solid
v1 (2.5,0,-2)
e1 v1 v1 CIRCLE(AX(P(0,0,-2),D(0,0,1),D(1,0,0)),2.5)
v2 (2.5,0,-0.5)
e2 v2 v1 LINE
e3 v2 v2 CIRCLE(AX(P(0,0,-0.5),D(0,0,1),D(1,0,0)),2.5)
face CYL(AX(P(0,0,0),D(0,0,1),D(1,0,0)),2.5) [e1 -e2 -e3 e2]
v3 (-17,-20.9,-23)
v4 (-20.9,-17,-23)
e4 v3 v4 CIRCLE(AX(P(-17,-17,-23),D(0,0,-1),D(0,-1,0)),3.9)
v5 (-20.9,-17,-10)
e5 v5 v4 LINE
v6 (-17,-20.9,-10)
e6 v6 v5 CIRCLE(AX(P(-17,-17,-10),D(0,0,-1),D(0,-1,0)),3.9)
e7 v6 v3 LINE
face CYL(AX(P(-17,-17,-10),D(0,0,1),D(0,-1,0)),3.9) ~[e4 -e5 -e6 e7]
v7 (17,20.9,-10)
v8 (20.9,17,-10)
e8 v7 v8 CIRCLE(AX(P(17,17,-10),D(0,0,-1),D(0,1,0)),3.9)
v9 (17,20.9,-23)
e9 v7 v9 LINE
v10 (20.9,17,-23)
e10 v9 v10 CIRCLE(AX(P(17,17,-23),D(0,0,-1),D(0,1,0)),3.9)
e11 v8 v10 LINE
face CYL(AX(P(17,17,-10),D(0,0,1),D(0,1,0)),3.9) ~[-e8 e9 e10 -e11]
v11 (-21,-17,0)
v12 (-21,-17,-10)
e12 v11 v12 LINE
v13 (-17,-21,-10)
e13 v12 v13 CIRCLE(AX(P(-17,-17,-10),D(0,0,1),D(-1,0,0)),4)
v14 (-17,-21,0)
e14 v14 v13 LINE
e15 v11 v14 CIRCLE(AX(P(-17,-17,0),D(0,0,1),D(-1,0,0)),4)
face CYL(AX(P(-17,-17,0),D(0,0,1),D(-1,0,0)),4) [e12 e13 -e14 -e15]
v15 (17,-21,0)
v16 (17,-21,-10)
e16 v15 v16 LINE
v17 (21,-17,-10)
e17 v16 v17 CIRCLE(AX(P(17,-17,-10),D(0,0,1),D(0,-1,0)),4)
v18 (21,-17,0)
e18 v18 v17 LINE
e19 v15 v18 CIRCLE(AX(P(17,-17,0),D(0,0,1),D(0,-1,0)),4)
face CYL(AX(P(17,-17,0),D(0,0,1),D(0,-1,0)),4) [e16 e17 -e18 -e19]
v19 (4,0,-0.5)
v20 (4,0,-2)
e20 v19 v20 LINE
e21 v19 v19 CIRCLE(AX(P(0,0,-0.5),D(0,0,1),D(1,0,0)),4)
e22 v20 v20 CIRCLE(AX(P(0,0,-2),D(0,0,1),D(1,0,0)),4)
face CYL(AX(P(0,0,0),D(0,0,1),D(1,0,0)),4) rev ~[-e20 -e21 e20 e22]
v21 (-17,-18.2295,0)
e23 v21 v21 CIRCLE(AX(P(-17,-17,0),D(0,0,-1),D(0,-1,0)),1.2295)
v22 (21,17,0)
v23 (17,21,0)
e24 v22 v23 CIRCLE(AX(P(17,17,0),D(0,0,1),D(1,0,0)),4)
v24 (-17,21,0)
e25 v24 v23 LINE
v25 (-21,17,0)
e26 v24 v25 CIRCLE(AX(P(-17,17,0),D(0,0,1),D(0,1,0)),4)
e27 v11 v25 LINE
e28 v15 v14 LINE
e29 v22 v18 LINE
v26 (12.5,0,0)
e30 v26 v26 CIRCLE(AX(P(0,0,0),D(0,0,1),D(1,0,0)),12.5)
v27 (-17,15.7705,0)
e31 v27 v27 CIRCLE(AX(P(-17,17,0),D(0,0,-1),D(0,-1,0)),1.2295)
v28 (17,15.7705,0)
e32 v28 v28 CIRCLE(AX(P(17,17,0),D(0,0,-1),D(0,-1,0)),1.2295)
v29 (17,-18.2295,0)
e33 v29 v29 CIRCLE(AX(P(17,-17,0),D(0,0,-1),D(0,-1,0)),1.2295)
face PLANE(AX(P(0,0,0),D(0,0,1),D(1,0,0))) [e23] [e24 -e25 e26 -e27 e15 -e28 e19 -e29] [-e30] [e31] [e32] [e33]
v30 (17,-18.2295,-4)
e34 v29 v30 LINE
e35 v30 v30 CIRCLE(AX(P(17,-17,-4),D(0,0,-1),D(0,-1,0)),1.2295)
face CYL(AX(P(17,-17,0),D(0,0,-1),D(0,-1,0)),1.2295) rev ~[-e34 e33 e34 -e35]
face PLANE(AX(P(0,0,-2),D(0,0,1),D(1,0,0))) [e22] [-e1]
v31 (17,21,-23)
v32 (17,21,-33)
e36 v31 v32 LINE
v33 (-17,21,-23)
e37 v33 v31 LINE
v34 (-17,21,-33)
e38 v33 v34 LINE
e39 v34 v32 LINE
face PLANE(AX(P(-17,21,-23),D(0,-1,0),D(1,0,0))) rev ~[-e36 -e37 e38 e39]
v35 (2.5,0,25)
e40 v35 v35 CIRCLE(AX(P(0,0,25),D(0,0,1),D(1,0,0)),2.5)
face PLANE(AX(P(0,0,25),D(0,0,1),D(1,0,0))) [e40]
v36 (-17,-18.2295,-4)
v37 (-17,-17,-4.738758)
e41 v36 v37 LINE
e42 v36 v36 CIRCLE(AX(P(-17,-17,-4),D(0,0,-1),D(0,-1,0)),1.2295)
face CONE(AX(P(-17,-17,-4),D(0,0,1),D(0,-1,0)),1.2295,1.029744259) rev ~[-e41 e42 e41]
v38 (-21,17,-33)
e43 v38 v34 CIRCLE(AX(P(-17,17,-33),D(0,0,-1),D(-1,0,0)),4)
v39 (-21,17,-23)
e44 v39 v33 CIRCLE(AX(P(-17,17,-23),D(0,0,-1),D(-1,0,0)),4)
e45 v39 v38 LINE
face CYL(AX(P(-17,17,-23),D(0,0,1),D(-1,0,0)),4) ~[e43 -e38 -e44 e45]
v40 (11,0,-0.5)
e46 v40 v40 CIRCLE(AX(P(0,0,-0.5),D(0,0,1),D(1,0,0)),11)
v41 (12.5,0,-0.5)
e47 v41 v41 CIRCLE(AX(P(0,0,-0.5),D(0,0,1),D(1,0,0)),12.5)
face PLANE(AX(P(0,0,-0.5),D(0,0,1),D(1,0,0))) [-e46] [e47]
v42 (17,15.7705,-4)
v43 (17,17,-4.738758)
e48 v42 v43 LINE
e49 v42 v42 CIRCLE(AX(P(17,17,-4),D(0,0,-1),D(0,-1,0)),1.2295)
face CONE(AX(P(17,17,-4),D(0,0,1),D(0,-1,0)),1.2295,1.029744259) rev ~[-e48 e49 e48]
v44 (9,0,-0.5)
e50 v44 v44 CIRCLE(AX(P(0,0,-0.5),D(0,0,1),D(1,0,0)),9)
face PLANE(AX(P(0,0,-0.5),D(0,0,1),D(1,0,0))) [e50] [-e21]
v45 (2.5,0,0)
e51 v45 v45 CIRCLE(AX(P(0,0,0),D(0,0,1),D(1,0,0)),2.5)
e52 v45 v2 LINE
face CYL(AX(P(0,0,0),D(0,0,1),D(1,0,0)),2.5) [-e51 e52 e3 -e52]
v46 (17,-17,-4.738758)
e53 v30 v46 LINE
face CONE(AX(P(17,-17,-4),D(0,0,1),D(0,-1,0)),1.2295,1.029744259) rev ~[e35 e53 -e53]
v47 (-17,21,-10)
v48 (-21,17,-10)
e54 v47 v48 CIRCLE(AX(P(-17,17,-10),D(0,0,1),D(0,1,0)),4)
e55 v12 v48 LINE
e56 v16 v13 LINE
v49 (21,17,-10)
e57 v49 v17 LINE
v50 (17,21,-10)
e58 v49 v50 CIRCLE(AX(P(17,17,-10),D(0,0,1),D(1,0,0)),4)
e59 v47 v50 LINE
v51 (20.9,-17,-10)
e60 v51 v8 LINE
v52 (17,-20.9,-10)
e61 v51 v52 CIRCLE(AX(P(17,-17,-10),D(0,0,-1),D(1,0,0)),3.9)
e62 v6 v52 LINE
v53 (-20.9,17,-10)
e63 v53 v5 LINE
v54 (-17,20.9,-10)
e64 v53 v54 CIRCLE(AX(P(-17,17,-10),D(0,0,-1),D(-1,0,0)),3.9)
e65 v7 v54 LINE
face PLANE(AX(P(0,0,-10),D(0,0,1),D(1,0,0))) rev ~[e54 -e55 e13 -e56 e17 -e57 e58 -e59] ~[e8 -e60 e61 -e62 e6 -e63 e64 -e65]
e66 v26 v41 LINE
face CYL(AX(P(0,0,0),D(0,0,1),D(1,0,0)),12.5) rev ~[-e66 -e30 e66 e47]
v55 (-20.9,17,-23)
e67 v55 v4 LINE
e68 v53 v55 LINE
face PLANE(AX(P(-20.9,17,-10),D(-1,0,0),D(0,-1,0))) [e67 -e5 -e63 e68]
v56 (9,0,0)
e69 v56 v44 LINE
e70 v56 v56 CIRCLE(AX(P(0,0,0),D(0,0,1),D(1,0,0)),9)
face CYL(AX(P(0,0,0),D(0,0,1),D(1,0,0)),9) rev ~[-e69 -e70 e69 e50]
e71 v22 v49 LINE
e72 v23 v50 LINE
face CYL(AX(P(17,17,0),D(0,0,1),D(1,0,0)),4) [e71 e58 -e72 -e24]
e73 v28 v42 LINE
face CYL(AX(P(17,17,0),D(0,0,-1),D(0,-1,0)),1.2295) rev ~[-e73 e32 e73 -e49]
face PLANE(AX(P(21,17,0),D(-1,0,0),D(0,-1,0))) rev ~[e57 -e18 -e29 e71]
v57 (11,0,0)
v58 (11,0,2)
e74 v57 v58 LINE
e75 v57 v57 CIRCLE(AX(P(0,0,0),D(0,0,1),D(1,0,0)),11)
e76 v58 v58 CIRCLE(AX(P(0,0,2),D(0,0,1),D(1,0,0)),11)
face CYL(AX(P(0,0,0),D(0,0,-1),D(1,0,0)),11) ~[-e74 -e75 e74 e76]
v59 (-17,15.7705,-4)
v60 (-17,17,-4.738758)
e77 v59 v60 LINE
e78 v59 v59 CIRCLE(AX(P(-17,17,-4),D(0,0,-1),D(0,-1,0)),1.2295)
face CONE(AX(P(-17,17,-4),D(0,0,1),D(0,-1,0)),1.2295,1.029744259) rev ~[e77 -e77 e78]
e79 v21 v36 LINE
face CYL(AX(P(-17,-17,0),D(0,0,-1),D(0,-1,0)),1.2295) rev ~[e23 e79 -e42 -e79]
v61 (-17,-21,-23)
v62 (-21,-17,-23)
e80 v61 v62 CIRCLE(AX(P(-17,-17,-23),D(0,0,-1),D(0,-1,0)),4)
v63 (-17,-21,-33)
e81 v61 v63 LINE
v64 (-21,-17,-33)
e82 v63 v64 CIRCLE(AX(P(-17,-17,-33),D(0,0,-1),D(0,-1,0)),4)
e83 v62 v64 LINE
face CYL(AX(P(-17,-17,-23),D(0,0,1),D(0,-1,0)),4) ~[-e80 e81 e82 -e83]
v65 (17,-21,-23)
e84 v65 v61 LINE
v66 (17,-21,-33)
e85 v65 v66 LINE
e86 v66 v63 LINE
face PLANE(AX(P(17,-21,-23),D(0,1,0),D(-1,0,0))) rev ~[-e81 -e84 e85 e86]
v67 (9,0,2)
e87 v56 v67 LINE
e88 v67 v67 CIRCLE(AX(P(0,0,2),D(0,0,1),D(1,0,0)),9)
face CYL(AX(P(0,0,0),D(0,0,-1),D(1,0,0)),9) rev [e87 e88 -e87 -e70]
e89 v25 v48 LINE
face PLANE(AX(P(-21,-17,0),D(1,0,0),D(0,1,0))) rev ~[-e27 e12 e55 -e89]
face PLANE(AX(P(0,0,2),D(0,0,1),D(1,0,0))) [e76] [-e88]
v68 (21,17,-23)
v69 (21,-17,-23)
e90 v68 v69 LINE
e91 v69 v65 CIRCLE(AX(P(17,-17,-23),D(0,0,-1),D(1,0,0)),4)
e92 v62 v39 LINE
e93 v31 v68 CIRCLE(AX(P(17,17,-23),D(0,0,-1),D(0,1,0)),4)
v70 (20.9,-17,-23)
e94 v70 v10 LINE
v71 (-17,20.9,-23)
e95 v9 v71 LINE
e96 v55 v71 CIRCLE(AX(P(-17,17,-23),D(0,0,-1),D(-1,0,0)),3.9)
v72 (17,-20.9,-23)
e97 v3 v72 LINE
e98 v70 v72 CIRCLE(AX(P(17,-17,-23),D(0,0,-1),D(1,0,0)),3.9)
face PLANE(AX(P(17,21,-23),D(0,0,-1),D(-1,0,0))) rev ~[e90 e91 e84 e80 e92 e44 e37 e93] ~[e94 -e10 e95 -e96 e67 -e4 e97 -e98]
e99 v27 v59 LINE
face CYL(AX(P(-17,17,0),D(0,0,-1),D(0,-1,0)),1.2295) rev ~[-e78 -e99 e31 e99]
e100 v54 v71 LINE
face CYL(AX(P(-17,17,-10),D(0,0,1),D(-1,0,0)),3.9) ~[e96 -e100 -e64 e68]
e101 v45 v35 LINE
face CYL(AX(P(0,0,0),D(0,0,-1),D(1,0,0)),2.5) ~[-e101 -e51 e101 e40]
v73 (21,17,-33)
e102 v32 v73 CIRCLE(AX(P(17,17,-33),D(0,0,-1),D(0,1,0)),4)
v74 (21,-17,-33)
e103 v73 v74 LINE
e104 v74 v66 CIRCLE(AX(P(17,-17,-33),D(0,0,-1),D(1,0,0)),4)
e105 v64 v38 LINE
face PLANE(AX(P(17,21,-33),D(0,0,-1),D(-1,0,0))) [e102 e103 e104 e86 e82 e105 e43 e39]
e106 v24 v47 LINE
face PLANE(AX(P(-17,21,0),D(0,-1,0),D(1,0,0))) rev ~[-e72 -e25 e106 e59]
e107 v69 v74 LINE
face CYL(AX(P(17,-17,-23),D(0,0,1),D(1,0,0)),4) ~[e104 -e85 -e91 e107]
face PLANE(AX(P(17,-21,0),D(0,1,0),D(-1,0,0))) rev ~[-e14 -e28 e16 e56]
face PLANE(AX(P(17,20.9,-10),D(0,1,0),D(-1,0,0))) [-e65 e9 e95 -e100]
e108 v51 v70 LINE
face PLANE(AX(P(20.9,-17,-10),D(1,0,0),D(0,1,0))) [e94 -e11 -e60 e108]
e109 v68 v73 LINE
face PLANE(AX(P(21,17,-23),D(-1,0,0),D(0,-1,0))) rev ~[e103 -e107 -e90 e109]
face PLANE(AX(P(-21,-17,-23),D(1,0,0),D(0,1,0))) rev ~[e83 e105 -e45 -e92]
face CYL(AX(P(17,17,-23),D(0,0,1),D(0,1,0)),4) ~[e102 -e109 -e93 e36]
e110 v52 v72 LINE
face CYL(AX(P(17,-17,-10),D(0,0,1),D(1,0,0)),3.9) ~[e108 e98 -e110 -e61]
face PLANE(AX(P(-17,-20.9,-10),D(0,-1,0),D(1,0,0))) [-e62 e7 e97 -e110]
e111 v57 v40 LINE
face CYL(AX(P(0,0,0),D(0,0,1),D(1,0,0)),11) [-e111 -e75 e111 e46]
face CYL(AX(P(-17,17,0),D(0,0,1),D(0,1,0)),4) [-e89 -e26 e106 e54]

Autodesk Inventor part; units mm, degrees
ref_plane "YZ Plane" through (0, 0, 0) normal (1, 0, 0) x (0, 1, 0)
sketch "Sketch1" plane through (0, 0, 0) normal (0, 0, 1) x (1, 0, 0)
  circle A0 centre (0, 0) radius 12.5
  circle A1 centre (0, 0) radius 9
  circle A2 centre (0, 0) radius 11
  line L0 (17, -21) -> (-17, -21)
  line L1 (-21, -17) -> (-21, 17)
  line L2 (-17, 21) -> (17, 21)
  line L3 (21, 17) -> (21, -17)
  line L4 (21, -21) -> (-21, 21) construction
  line L5 (-21, -21) -> (21, 21) construction
  arc A3 (-17, 21) -> (-21, 17) centre (-17, 17) ccw
  arc A4 (-21, -17) -> (-17, -21) centre (-17, -17) ccw
  arc A5 (17, -21) -> (21, -17) centre (17, -17) ccw
  arc A6 (21, 17) -> (17, 21) centre (17, 17) ccw
  line L6 (15.5, -15.5) -> (-15.5, -15.5) construction
  line L7 (-15.5, -15.5) -> (-15.5, 15.5) construction
  line L8 (-15.5, 15.5) -> (15.5, 15.5) construction
  line L9 (15.5, 15.5) -> (15.5, -15.5) construction
  line L10 (15.5, -15.5) -> (-15.5, 15.5) construction
  line L11 (-15.5, -15.5) -> (15.5, 15.5) construction
  circle A7 centre (0, 0) radius 2.5
  circle A8 centre (0, 0) radius 4
  dimension "d0" = 42
  dimension "d2" = 42
  dimension "d3" = 4
  dimension "d4" = 18
  dimension "d5" = 22
  dimension "d6" = 25
  dimension "d7" = 31
  dimension "d22" = 5
  dimension "d23" = 8
ref_plane "Work Plane1" through (0, 0, -10) normal (0, 0, 1) x (1, 0, 0)
ref_plane "Work Plane3" through (0, 0, -23) normal (0, 0, 1) x (1, 0, 0)
ref_plane "Work Plane2" through (0, 0, -33) normal (0, 0, 1) x (1, 0, 0)
extrude "Extrusion1" add sketch "Sketch1" against normal up to surface (10 mm away) from surface at 0 contours A0 | A1 | A2 | L0 A4 L1 A3 L2 A6 L3 A5 | A7 | A8
sketch "Sketch2" plane through (17, 21, -10) normal (0, 0, -1) x (-1, 0, 0)
  arc A0 (34, -42) -> (38, -38) centre (34, -38) ccw projected
  line L0 (38, -38) -> (38, -4) projected
  arc A1 (38, -4) -> (34, 0) centre (34, -4) ccw projected
  line L1 (34, 0) -> (0, 0) projected
  arc A2 (0, 0) -> (-4, -4) centre (0, -4) ccw projected
  line L2 (-4, -4) -> (-4, -38) projected
  arc A3 (-4, -38) -> (0, -42) centre (0, -38) ccw projected
  line L3 (0, -42) -> (34, -42) projected
  line L4 (0, -0.1) -> (34, -0.1)
  arc A4 (37.9, -4) -> (34, -0.1) centre (34, -4) ccw
  line L5 (37.9, -4) -> (37.9, -38)
  arc A5 (34, -41.9) -> (37.9, -38) centre (34, -38) ccw
  line L6 (34, -41.9) -> (0, -41.9)
  arc A6 (-3.9, -38) -> (0, -41.9) centre (0, -38) ccw
  line L7 (-3.9, -38) -> (-3.9, -4)
  arc A7 (0, -0.1) -> (-3.9, -4) centre (0, -4) ccw
  point P0 (17, -21)
  dimension "d13" = 0.1
extrude "Extrusion2" add sketch "Sketch2" along normal up to surface (10 mm away) from surface at 13 contours L3 A3 L2 A2 L1 A1 L0 A0 | L4 A4 L5 A5 L6 A6 L7 A7
extrude "Extrusion3" add sketch "Sketch2" along normal up to surface (13 mm away) from surface at 0 contours L4 A4 L5 A5 L6 A6 L7 A7
extrude "Extrusion4" cut sketch "Sketch1" against normal blind 0.5 contours A0 | A1 | A8
extrude "Extrusion5" add sketch "Sketch1" along normal blind 2 contours A2
extrude "Extrusion6" cut sketch "Sketch1" against normal blind 2 contours A8
extrude "Extrusion7" add sketch "Sketch1" along normal blind 25 contours A7
hole "Hole1" at (-17, 17, 0) at (-17, -17, 0) at (17, -17, 0) at (17, 17, 0) direction (0, 0, -1) diameter 2.459 depth 4 tip angle 118 thread size "M3x0.5" class "6H" standard "ISO Metric profile"
properties part number "nema17 33mm"
